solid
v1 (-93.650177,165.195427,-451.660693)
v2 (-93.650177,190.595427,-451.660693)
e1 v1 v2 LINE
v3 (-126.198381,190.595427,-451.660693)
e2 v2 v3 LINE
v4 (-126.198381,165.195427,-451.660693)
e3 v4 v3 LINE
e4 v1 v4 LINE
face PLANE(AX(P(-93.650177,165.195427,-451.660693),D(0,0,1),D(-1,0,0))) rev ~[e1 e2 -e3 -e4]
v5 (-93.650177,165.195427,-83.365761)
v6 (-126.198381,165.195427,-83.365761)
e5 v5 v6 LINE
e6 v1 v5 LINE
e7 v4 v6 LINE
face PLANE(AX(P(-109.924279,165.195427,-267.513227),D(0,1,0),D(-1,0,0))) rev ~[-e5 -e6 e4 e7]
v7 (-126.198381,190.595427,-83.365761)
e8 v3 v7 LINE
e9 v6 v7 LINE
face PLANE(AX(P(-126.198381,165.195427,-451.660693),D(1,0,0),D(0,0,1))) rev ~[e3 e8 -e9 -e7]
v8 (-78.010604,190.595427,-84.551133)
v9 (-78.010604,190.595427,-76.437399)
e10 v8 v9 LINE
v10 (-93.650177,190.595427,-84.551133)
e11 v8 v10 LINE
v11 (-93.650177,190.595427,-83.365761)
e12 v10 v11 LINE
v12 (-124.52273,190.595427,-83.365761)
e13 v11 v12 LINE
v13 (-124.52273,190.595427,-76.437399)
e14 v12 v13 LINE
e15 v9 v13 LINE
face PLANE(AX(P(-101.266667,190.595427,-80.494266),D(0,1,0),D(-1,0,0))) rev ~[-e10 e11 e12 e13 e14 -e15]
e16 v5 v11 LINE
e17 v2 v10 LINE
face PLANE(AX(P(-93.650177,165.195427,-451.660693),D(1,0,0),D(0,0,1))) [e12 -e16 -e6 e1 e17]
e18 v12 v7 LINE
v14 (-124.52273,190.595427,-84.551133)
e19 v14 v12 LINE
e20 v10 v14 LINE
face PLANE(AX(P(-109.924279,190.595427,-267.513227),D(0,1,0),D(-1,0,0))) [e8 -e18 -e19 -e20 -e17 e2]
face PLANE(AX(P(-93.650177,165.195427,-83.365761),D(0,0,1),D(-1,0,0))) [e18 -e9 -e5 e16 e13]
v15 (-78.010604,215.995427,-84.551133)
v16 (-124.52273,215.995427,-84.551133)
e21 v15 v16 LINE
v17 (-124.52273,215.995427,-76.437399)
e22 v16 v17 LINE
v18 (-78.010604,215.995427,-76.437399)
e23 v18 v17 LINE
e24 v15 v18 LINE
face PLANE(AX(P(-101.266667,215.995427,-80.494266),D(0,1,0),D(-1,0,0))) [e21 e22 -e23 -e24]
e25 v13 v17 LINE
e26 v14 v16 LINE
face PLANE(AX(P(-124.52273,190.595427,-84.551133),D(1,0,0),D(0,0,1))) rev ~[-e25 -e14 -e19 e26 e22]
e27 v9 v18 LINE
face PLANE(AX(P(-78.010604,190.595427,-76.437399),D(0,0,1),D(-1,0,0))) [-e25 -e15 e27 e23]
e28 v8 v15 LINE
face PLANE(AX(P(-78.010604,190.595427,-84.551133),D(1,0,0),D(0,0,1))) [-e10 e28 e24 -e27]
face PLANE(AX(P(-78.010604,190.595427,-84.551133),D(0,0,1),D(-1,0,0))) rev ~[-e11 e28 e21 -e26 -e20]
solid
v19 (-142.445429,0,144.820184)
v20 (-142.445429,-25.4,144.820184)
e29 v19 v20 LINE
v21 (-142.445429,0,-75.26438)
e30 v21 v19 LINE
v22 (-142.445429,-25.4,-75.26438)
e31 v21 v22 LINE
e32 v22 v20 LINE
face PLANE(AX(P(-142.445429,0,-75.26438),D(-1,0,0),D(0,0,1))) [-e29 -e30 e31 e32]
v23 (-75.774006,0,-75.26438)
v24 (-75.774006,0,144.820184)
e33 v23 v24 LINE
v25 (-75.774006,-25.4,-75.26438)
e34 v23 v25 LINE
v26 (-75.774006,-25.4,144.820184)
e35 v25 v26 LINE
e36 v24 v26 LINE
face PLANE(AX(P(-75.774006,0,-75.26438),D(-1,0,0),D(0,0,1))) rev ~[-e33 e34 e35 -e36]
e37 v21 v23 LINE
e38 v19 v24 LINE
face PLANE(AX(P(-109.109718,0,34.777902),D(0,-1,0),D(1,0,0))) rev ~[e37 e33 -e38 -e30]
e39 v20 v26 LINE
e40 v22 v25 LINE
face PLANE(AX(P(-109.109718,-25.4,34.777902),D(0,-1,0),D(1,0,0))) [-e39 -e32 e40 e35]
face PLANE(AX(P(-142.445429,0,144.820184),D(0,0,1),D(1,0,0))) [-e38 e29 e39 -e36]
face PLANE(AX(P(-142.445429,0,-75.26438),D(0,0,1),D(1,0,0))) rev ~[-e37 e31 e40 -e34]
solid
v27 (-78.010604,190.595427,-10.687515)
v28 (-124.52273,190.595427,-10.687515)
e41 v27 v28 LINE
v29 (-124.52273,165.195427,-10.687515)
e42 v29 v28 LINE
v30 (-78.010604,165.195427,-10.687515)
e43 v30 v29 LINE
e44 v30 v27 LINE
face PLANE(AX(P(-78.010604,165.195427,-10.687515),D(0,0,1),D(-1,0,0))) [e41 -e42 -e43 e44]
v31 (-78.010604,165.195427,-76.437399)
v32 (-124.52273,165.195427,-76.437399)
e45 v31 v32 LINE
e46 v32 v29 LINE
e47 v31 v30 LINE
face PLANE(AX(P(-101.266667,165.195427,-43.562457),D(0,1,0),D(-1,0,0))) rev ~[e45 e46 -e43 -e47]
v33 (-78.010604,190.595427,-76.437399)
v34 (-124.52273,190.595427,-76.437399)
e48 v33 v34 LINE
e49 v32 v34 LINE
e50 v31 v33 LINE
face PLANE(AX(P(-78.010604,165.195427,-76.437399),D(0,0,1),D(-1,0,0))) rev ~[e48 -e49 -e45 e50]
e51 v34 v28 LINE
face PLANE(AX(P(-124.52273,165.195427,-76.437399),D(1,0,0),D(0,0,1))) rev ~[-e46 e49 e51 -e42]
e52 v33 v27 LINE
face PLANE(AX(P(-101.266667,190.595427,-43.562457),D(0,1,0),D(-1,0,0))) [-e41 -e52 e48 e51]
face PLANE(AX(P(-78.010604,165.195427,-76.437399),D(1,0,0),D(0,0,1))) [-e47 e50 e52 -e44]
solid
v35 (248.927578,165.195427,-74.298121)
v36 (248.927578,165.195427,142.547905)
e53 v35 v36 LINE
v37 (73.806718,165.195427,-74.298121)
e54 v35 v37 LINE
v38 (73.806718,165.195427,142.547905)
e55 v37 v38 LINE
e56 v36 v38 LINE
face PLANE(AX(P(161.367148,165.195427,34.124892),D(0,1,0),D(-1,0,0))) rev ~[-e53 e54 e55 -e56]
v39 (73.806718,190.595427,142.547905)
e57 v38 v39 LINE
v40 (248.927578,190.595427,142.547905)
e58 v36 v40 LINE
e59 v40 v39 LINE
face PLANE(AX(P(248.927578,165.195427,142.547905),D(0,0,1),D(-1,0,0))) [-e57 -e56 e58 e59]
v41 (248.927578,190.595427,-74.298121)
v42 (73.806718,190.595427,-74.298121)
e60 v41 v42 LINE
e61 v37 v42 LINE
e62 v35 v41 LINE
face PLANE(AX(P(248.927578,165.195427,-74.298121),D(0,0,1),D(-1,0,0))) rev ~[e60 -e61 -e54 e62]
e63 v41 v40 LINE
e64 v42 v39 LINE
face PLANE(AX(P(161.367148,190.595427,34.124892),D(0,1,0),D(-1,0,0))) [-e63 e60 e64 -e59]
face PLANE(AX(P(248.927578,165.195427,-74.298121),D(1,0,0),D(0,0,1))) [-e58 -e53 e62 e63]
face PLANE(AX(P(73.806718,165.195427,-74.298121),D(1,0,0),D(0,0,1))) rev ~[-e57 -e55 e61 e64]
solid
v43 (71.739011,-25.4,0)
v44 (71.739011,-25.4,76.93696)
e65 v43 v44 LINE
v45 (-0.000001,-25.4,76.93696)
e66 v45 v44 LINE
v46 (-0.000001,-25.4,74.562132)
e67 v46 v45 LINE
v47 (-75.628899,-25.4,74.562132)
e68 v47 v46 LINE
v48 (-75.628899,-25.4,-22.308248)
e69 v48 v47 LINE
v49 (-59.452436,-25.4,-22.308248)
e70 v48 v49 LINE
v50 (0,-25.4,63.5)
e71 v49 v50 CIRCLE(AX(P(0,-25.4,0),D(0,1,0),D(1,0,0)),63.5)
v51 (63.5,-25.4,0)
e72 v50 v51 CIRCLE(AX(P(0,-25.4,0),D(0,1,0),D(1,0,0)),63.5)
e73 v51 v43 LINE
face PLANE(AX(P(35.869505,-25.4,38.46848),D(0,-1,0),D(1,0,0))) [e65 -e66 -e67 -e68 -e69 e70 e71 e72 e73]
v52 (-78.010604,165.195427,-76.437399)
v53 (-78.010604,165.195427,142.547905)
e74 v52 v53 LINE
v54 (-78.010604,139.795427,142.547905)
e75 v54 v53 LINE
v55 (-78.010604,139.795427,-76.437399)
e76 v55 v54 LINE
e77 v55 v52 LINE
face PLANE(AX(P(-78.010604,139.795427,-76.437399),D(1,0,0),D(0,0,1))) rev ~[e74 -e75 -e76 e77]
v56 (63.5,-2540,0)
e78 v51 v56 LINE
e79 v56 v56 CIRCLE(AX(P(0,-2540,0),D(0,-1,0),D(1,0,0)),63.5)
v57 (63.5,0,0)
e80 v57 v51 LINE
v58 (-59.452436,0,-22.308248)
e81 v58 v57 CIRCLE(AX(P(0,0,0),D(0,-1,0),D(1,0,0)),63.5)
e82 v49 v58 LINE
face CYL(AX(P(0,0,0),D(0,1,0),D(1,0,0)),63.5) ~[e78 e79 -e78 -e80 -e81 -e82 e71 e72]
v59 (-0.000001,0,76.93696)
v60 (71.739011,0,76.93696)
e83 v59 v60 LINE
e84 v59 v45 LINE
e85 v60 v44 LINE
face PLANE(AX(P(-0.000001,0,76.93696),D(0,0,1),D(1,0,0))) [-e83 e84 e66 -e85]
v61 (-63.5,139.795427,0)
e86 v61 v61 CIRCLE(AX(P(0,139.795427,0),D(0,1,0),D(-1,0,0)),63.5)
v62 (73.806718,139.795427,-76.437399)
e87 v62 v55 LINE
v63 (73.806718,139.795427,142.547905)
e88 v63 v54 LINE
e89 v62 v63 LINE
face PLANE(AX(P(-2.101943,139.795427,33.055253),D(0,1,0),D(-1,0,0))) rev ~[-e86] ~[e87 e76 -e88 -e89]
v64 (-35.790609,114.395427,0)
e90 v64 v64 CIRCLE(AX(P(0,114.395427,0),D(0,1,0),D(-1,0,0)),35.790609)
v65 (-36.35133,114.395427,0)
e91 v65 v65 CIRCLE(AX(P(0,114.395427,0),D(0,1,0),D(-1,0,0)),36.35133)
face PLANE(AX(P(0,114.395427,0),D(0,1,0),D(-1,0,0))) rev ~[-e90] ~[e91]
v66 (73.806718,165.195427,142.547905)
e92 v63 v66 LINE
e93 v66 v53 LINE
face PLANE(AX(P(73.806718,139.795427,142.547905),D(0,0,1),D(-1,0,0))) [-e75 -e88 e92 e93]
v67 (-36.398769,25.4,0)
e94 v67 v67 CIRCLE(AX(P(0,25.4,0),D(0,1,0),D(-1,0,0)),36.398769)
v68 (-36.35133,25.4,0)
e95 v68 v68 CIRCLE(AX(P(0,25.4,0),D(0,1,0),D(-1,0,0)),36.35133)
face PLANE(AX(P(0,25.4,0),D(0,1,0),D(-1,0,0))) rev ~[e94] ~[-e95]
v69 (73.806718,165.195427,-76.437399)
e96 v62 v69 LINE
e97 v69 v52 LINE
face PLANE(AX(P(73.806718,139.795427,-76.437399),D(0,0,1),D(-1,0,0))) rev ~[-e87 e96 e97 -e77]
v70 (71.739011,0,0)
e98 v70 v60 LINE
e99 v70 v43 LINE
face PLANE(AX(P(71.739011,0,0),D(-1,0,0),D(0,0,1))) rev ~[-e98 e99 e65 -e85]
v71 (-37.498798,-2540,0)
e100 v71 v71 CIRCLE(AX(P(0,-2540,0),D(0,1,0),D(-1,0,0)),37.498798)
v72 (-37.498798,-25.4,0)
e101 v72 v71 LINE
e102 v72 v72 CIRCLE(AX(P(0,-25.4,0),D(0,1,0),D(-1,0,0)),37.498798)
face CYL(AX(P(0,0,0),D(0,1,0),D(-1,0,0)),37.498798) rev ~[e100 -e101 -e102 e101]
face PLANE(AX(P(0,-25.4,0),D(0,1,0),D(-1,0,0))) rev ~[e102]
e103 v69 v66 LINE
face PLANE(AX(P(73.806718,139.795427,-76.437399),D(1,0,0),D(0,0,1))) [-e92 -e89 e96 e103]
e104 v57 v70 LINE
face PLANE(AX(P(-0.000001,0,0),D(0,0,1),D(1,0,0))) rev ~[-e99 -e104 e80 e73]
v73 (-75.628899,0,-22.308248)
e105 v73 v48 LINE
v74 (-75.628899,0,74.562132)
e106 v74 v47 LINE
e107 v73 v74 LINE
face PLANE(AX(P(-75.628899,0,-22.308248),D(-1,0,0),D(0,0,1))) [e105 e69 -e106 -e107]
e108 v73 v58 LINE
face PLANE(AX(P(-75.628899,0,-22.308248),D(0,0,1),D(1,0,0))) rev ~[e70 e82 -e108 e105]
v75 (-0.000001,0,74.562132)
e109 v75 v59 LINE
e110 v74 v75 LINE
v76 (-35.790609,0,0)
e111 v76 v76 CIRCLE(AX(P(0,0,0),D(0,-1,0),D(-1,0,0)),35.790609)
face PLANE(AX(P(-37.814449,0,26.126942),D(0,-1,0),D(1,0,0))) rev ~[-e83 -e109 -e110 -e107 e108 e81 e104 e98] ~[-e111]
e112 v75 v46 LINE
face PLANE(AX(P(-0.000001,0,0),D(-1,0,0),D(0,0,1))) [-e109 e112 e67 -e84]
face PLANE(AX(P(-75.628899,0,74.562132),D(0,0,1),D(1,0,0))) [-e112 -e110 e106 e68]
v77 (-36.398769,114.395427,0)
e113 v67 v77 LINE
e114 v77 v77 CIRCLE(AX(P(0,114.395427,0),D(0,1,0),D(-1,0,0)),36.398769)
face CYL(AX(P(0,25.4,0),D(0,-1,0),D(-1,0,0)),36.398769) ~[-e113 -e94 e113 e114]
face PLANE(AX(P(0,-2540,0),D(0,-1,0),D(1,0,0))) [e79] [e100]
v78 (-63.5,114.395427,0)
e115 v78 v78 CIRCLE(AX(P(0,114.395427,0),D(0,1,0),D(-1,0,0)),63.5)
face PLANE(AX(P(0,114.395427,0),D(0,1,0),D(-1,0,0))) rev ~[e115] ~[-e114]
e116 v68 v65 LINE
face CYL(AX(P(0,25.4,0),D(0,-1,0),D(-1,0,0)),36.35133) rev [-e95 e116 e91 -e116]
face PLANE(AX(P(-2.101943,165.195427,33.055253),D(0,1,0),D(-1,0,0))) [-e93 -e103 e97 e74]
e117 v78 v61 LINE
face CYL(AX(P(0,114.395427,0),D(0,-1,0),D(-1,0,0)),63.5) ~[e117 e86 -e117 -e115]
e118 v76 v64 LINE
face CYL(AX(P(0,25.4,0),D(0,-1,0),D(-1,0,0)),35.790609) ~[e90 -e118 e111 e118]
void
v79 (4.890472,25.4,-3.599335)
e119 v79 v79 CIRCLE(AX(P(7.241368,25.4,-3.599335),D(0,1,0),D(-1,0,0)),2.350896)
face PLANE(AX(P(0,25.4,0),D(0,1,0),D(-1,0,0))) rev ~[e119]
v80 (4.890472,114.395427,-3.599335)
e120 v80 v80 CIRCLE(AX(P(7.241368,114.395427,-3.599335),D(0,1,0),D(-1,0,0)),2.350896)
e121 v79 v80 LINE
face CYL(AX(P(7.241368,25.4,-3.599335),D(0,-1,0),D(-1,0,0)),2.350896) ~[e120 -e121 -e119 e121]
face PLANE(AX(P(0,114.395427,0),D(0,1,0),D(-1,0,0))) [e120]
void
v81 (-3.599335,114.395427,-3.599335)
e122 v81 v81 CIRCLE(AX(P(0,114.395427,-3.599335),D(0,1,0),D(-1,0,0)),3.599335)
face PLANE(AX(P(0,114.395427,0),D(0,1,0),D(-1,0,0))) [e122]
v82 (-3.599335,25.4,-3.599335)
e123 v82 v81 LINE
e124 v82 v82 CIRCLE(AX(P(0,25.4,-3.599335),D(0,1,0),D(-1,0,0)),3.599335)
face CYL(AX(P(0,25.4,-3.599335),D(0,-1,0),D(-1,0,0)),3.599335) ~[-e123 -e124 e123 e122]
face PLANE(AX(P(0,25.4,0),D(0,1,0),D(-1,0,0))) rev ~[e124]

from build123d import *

# Parameters (mm, degrees)
F0_R      = 63.5
F1_DEPTH  = 2540
F2_R      = 37.498798
F3_DEPTH  = 2540.001
F4_R      = 37.498798
F5_DEPTH  = 25.4
F6_R      = 35.790609
F7_DEPTH  = 25.4
F8_R      = 36.398769
F8_R_2    = 36.35133
F8_R_3    = 35.790609
F8_R_4    = 2.350896
F8_R_5    = 3.599335
F9_DEPTH  = 88.995427
F10_R     = 63.5
F11_DEPTH = 25.4
F15_W     = 75.628899
F15_H     = 96.870379
F16_DEPTH = 25.4
F17_W     = 71.739011
F17_H     = 76.93696
F18_DEPTH = 25.4
F19_W     = 66.671423
F19_H     = 220.084563
F20_DEPTH = 25.4
F21_W     = 151.817322
F21_H     = 218.985304
F22_DEPTH = 25.4
F23_W     = 175.12086
F23_H     = 216.846026
F24_DEPTH = 25.4
F25_W     = 32.548204
F25_H     = 368.294932
F26_DEPTH = 25.4
F27_W     = 46.512127
F27_H     = 65.749884
F28_DEPTH = 25.4
F29_W     = 46.512127
F29_H     = 8.113734
F30_DEPTH = 25.4


with BuildPart() as f1:
    # F0 (on Front) → F1 (new body)
    with BuildSketch(Plane.XZ):
        Circle(F0_R)
    extrude(amount=F1_DEPTH)

    # F2 (on face) → F3 (cut, through all)
    with BuildSketch(Plane(origin=(0, 0, 0), x_dir=(-1, 0, 0), z_dir=(0, 1, 0))):
        Circle(F2_R)
    extrude(amount=-F3_DEPTH, mode=Mode.SUBTRACT)

    # F4 (on face) → F5 (join)
    with BuildSketch(Plane(origin=(0, 0, 0), x_dir=(-1, 0, 0), z_dir=(0, 1, 0))):
        Circle(F4_R)
    extrude(amount=-F5_DEPTH)

    # F6 (on face) → F7 (join)
    with BuildSketch(Plane(origin=(0, 0, 0), x_dir=(-1, 0, 0), z_dir=(0, 1, 0))):
        Circle(F6_R)
    extrude(amount=F7_DEPTH)

    # F8 (on face) → F9 (join)
    with BuildSketch(Plane(origin=(0, 25.4, 0), x_dir=(-1, 0, 0), z_dir=(0, 1, 0))):
        Circle(F8_R)
        Circle(F8_R_2, mode=Mode.SUBTRACT)
        Circle(F8_R_3)
        with Locations((-7.241368, -3.599335)):
            Circle(F8_R_4, mode=Mode.SUBTRACT)
        with Locations((0, -3.599335)):
            Circle(F8_R_5, mode=Mode.SUBTRACT)
    extrude(amount=F9_DEPTH)

    # F10 (on face) → F11 (join)
    with BuildSketch(Plane(origin=(0, 114.395427, 0), x_dir=(-1, 0, 0), z_dir=(0, 1, 0))):
        Circle(F10_R)
    extrude(amount=F11_DEPTH)

    # F15 (on face) → F16 (join)
    with BuildSketch(Plane.XZ):
        with Locations((-37.814449, 26.126942)):
            Rectangle(F15_W, F15_H)
    extrude(amount=F16_DEPTH)

    # F17 (on face) → F18 (join)
    with BuildSketch(Plane.XZ):
        with Locations((35.869505, 38.46848)):
            Rectangle(F17_W, F17_H)
    extrude(amount=F18_DEPTH)

    # F21 (on face) → F22 (join)
    with BuildSketch(Plane(origin=(0, 139.795427, 0), x_dir=(-1, 0, 0), z_dir=(0, 1, 0))):
        with Locations((2.101943, 33.055253)):
            Rectangle(F21_W, F21_H)
    extrude(amount=F22_DEPTH)


with BuildPart() as f20:
    # F19 (on Front) → F20 (new body)
    with BuildSketch(Plane.XZ):
        with Locations((-109.109718, 34.777902)):
            Rectangle(F19_W, F19_H)
    extrude(amount=F20_DEPTH)


with BuildPart() as f24:
    # F23 (on face) → F24 (new body)
    with BuildSketch(Plane(origin=(0, 165.195427, 0), x_dir=(-1, 0, 0), z_dir=(0, 1, 0))):
        with Locations((-161.367148, 34.124892)):
            Rectangle(F23_W, F23_H)
    extrude(amount=F24_DEPTH)


with BuildPart() as f26:
    # F25 (on face) → F26 (new body)
    with BuildSketch(Plane(origin=(0, 165.195427, 0), x_dir=(-1, 0, 0), z_dir=(0, 1, 0))):
        with Locations((109.924279, -267.513227)):
            Rectangle(F25_W, F25_H)
    extrude(amount=F26_DEPTH)



with BuildPart() as f28:
    # F27 (on face) → F28 (new body)
    with BuildSketch(Plane(origin=(0, 165.195427, 0), x_dir=(-1, 0, 0), z_dir=(0, 1, 0))):
        with Locations((101.266667, -43.562457)):
            Rectangle(F27_W, F27_H)
    extrude(amount=F28_DEPTH)


with BuildPart() as f26_1:
    add(f26.part)

    add(f28.part)  # F30 merges F28
    # F29 (on face) → F30 (join)
    with BuildSketch(Plane(origin=(0, 190.595427, 0), x_dir=(-1, 0, 0), z_dir=(0, 1, 0))):
        with Locations((101.266667, -80.494266)):
            Rectangle(F29_W, F29_H)
    extrude(amount=F30_DEPTH)


solid = Compound([f1.part, f20.part, f24.part, f26_1.part])
